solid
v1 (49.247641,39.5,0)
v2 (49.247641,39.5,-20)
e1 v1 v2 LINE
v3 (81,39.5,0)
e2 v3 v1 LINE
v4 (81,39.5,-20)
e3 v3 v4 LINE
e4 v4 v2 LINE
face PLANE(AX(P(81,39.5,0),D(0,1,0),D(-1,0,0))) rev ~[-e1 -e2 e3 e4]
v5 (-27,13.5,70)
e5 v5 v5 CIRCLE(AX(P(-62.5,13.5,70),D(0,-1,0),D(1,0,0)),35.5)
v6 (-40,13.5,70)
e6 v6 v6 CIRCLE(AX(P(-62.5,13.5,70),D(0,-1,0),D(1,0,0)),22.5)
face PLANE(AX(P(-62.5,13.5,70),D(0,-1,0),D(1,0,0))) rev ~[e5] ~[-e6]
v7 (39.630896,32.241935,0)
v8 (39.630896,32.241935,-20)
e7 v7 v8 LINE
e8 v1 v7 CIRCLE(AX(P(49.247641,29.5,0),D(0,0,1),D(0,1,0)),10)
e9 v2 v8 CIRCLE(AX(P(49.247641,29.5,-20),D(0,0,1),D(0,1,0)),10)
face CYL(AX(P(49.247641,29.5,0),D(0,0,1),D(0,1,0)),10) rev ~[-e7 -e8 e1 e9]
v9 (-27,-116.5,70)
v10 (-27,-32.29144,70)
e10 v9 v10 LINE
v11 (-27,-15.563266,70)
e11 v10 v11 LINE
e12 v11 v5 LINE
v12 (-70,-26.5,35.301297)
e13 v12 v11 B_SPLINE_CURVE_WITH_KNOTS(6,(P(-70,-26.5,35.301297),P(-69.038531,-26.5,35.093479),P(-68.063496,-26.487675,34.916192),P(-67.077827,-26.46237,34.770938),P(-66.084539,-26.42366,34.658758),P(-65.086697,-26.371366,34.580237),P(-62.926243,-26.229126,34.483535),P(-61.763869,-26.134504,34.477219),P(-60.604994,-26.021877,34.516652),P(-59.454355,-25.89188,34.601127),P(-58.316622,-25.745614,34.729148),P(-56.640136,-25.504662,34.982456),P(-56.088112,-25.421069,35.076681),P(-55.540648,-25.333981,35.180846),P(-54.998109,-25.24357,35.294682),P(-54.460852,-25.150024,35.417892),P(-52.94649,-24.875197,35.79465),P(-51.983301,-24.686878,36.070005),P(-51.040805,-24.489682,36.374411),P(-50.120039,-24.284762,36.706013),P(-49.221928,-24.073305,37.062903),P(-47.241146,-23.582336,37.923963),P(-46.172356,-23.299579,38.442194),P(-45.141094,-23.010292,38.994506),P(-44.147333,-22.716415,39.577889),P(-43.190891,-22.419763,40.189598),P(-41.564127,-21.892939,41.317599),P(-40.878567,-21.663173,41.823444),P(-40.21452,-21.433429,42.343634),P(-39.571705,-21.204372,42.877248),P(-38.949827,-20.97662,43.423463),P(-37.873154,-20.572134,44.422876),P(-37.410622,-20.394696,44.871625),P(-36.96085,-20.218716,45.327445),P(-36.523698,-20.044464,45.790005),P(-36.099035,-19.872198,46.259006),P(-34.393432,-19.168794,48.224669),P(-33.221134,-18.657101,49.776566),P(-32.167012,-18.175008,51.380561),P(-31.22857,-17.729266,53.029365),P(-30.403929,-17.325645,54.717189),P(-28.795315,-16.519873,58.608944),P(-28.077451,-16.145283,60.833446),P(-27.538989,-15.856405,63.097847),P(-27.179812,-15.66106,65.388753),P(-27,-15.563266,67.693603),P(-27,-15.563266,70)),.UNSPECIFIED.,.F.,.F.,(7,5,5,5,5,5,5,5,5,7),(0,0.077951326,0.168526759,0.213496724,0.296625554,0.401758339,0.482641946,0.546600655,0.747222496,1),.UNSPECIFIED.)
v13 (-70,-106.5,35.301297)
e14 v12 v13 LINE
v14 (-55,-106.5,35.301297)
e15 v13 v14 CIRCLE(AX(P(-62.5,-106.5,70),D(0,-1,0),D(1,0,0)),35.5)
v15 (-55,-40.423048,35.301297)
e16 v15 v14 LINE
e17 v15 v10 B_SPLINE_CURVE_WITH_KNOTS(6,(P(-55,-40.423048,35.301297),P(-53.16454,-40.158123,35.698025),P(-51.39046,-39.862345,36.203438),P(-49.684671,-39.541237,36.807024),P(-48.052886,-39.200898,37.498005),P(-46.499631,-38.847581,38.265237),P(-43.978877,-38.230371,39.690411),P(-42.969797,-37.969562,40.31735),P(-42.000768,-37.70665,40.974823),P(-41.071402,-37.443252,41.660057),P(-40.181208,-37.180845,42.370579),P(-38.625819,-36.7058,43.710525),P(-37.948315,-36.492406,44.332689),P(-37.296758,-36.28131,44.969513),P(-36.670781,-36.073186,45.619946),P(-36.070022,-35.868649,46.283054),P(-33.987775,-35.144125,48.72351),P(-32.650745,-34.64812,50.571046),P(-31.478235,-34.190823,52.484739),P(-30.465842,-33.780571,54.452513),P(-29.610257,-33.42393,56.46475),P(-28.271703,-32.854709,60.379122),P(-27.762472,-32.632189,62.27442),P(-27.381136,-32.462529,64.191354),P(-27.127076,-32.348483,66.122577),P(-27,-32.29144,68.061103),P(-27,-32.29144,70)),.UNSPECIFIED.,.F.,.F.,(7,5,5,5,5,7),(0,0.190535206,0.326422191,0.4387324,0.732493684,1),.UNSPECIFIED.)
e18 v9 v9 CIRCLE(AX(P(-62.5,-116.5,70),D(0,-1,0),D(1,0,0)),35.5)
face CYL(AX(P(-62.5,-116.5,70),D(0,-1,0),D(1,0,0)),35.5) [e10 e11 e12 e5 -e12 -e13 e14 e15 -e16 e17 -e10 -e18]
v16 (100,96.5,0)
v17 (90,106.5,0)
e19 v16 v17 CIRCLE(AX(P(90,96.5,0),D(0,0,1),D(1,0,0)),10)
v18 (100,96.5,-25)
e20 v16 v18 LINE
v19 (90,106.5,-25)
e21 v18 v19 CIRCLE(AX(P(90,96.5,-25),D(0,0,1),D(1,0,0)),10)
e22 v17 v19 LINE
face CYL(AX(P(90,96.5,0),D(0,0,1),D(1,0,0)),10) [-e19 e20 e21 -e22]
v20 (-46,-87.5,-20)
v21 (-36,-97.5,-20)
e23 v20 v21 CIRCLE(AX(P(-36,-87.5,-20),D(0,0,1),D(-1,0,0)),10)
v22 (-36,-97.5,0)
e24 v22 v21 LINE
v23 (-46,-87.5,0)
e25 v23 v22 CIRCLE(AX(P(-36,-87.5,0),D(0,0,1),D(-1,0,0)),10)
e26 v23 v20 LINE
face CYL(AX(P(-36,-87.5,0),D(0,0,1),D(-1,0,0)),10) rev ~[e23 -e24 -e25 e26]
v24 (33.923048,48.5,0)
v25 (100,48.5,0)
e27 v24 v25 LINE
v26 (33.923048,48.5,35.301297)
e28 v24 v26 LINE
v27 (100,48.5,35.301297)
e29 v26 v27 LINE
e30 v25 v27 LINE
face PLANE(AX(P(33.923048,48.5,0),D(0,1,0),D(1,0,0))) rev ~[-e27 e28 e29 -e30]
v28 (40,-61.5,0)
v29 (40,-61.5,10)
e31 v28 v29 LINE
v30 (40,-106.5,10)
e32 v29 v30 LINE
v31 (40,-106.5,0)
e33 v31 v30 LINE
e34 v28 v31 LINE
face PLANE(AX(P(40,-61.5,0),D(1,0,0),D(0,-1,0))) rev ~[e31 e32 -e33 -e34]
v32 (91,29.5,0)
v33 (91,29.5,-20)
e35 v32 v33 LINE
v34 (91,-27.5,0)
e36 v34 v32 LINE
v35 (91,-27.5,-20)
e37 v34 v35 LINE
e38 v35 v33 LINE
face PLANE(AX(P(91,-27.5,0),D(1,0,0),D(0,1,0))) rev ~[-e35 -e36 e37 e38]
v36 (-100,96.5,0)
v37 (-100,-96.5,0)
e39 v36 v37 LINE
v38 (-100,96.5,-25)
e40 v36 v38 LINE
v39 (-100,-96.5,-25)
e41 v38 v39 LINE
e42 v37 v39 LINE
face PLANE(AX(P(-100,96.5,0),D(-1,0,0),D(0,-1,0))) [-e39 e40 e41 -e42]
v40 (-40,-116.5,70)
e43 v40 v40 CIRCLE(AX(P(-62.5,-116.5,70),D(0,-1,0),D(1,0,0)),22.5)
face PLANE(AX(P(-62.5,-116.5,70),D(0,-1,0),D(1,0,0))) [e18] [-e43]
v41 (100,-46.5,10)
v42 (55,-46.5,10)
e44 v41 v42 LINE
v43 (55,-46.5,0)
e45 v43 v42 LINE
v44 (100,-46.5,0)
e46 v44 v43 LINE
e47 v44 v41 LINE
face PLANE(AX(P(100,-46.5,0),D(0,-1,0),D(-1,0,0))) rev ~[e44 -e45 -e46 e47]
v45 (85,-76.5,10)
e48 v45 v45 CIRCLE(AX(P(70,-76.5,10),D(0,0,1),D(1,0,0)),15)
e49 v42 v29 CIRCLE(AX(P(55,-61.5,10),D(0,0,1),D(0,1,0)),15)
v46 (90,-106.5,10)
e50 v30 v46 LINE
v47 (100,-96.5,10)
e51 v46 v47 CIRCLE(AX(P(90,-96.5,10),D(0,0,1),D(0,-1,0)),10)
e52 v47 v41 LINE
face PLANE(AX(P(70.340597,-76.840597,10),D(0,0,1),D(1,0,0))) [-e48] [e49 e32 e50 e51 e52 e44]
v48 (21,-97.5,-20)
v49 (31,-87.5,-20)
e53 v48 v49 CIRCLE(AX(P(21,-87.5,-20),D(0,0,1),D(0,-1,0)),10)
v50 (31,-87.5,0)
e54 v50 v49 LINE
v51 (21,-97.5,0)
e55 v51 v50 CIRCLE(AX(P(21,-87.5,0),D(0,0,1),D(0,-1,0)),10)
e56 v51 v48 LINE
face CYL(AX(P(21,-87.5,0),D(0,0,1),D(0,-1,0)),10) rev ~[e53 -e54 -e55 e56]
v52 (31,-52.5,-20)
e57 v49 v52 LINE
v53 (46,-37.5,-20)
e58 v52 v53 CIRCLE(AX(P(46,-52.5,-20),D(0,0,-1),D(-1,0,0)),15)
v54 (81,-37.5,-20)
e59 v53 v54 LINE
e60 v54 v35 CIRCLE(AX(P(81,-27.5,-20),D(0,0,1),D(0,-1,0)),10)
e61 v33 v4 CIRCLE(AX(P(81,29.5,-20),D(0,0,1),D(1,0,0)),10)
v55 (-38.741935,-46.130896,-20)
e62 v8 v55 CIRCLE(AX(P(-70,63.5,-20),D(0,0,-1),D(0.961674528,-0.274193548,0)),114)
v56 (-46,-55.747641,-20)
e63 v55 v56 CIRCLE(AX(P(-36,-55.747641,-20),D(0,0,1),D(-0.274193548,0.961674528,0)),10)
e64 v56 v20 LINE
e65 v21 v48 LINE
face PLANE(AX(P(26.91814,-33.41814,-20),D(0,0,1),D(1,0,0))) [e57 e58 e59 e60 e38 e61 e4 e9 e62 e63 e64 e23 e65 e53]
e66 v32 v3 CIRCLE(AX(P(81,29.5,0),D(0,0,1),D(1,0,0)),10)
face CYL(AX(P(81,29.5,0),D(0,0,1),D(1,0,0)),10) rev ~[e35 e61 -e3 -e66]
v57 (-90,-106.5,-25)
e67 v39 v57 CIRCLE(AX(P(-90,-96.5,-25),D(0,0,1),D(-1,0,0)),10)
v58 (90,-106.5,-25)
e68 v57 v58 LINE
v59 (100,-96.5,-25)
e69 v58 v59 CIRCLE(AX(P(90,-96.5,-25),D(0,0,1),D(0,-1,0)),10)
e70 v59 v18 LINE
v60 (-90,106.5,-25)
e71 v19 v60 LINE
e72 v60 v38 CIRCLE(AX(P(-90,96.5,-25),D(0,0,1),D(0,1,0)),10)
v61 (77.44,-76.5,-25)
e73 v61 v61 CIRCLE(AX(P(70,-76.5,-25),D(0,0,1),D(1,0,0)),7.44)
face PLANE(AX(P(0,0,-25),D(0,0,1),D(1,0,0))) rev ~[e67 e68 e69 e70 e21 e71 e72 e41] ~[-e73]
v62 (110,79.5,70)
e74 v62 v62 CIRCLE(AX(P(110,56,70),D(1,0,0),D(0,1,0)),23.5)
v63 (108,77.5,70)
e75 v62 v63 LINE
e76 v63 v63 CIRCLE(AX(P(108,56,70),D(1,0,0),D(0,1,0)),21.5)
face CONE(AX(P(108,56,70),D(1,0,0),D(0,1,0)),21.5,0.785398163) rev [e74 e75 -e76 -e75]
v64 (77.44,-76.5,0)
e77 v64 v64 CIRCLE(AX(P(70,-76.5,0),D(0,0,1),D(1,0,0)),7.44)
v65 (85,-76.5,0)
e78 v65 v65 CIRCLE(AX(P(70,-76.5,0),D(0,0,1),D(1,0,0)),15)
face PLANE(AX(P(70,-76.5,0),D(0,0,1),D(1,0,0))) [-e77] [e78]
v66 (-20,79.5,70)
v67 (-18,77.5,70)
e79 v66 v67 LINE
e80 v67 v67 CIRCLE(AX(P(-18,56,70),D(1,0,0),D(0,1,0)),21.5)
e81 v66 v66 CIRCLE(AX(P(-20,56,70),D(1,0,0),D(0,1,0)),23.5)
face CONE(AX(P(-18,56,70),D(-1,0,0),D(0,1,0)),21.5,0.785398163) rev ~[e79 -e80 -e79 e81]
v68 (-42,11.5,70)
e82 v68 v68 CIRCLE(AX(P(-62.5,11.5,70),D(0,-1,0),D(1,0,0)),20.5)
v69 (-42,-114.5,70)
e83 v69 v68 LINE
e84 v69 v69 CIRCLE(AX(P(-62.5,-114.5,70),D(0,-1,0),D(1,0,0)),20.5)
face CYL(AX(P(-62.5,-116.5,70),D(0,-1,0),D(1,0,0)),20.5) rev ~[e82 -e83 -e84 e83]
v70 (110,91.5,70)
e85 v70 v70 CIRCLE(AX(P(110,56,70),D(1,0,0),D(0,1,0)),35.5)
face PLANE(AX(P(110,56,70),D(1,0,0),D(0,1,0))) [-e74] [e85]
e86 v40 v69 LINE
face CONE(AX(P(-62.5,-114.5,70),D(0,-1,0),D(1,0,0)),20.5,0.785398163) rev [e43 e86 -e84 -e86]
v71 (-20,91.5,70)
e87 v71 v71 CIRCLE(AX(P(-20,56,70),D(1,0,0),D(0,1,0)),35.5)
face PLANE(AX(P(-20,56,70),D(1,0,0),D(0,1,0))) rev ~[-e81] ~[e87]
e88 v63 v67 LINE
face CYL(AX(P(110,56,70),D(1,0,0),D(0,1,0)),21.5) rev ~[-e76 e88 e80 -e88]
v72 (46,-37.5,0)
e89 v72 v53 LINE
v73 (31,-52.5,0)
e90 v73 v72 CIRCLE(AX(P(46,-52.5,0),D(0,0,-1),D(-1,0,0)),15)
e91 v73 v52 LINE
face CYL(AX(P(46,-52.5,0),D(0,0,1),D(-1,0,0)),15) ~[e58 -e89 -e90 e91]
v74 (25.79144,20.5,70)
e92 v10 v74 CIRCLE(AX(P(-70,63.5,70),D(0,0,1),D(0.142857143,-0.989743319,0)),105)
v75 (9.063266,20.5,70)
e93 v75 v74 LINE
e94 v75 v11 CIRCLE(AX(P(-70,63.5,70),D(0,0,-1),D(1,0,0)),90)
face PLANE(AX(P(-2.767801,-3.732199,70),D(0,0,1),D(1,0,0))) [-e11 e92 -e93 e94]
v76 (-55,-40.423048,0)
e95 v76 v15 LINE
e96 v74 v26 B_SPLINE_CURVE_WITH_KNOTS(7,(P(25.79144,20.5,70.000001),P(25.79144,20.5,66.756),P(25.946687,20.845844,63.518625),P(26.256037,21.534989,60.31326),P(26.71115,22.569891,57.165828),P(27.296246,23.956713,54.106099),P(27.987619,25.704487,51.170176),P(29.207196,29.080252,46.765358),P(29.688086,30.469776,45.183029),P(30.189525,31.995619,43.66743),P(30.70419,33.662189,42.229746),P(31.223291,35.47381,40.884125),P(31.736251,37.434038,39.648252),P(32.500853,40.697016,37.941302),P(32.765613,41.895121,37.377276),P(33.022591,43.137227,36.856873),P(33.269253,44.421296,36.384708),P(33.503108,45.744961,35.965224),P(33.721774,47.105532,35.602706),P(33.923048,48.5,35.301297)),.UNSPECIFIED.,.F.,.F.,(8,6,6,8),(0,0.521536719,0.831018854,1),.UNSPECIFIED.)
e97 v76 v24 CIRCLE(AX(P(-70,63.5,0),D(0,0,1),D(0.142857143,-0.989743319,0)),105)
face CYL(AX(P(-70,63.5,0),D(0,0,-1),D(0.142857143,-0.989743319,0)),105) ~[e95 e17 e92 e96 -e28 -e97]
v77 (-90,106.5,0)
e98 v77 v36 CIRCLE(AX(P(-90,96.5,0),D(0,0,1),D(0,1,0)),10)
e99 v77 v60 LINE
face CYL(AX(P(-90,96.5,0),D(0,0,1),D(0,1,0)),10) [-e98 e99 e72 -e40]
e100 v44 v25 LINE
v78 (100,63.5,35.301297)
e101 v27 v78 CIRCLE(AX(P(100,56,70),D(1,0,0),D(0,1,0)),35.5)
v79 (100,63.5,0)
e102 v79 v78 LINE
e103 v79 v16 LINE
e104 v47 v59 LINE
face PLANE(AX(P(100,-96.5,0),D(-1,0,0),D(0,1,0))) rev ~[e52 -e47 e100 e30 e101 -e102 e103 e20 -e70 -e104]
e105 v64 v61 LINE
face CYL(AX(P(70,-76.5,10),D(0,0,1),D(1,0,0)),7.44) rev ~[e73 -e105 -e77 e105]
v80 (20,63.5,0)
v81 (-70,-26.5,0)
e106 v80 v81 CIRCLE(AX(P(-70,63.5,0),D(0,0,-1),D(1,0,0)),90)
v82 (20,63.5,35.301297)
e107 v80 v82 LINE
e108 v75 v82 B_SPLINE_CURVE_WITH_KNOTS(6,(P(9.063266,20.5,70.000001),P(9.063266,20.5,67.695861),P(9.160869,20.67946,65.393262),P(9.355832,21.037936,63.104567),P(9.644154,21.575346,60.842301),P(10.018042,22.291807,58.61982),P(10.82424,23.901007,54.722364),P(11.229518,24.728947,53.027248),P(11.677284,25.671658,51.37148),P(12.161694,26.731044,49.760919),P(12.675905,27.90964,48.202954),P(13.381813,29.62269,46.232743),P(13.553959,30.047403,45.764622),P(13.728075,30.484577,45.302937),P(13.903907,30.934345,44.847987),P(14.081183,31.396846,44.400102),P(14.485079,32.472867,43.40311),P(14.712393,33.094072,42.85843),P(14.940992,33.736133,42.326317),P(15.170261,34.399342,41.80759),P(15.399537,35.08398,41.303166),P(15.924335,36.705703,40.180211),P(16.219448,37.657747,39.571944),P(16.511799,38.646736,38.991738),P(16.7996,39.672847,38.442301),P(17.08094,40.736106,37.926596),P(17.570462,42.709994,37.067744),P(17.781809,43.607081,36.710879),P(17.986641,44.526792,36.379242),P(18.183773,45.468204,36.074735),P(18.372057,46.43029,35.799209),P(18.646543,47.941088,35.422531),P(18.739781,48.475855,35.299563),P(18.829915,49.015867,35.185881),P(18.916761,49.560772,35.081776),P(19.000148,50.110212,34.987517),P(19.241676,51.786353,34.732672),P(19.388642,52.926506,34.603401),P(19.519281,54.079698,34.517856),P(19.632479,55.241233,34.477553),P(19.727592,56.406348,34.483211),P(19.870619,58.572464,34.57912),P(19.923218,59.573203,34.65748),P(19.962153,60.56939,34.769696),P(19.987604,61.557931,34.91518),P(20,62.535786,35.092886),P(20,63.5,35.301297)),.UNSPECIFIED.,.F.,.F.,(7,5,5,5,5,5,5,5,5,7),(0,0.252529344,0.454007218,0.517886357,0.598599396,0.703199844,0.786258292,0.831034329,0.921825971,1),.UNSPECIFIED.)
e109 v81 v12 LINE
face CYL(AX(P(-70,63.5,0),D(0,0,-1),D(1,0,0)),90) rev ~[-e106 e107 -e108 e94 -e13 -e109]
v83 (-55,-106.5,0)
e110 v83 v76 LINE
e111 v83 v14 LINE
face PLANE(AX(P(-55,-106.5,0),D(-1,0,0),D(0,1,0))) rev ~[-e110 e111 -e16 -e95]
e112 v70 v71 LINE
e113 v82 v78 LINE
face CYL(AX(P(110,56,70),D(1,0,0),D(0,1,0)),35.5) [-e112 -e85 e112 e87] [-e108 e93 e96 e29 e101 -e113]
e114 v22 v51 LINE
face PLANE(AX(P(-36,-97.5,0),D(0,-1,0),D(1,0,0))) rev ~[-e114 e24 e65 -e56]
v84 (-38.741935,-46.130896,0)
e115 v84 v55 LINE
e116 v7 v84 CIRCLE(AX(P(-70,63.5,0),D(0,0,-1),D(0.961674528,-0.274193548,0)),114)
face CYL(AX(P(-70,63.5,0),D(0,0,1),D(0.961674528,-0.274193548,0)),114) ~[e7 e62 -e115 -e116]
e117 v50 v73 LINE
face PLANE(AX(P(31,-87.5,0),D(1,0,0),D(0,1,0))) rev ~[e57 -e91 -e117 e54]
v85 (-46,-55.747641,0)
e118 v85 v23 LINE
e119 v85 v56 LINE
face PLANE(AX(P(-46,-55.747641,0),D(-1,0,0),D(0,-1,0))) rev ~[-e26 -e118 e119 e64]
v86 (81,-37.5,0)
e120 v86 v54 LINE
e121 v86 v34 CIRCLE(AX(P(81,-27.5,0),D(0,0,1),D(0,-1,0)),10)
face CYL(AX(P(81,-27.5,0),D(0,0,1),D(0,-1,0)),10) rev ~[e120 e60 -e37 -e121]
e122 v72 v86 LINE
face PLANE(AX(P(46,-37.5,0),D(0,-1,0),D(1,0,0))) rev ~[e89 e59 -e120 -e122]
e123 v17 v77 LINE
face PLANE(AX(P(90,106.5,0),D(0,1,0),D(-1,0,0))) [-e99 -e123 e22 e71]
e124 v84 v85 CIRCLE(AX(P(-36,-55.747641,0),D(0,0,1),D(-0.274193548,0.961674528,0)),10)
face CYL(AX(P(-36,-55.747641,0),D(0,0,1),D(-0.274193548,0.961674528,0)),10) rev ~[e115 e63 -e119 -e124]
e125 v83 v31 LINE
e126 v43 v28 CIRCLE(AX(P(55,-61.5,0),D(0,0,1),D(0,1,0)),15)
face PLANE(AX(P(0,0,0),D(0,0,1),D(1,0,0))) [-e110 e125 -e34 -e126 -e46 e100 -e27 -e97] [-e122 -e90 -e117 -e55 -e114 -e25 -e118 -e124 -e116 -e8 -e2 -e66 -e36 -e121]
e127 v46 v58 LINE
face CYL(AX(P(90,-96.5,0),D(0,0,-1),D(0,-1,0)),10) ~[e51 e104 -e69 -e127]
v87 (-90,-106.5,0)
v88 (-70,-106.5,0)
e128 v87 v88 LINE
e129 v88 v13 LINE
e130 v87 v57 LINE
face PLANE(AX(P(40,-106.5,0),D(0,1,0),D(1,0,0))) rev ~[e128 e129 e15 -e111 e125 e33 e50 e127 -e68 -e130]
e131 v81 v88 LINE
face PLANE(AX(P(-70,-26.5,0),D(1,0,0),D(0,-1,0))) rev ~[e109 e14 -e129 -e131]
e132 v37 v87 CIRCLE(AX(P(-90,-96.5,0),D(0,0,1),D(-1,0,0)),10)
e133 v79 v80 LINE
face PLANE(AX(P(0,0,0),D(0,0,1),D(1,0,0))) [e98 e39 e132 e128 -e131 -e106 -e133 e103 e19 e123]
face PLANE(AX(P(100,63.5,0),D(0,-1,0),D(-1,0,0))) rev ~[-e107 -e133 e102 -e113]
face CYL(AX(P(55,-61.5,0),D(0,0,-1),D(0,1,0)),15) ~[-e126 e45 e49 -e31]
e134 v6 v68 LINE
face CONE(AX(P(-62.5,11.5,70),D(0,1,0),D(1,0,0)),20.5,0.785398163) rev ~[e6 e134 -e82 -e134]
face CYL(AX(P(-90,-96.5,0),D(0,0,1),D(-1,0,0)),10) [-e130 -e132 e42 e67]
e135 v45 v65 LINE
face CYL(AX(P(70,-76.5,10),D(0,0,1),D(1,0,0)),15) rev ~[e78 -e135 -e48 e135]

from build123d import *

# Parameters (mm, degrees)
F1_DEPTH  = 25
F3_DEPTH  = 70
F5_DEPTH  = 10
F6_R      = 7.44
F7_DEPTH  = 35.001
F8_R      = 15
F9_DEPTH  = 10
F11_DEPTH = 20
F13_R     = 35.5
F14_DEPTH = 130
F15_R     = 21.5
F16_DEPTH = 210.001
F18_R     = 35.5
F19_DEPTH = 130
F20_R     = 20.5
F21_DEPTH = 223.001
F22_SIZE  = 2


with BuildPart() as f1:
    # F0 (on Top) → F1 (new body)
    with BuildSketch(Plane.XY):
        with BuildLine():
            Line((90, 106.5), (-90, 106.5))
            ThreePointArc((-90, 106.5), (-97.0710678119, 103.5710678119), (-100, 96.5))
            Line((-100, 96.5), (-100, -96.5))
            ThreePointArc((-100, -96.5), (-97.0710678119, -103.5710678119), (-90, -106.5))
            Line((-90, -106.5), (90, -106.5))
            ThreePointArc((90, -106.5), (97.0710678119, -103.5710678119), (100, -96.5))
            Line((100, -96.5), (100, 96.5))
            ThreePointArc((100, 96.5), (97.0710678119, 103.5710678119), (90, 106.5))
        make_face()
    extrude(amount=-F1_DEPTH)

    # F2 (on face) → F3 (join)
    with BuildSketch(Plane.XY):
        with BuildLine():
            Line((-70, -26.5), (-70, -106.5))
            Line((-70, -106.5), (-55, -106.5))
            Line((-55, -106.5), (-55, -40.4230484541))
            ThreePointArc((-55, -40.4230484541), (4.2462120246, -10.7462120246), (33.9230484541, 48.5))
            Line((33.9230484541, 48.5), (100, 48.5))
            Line((100, 48.5), (100, 63.5))
            Line((100, 63.5), (20, 63.5))
            ThreePointArc((20, 63.5), (-6.3603896932, -0.1396103068), (-70, -26.5))
        make_face()
    extrude(amount=F3_DEPTH)

    # F4 (on face) → F5 (join)
    with BuildSketch(Plane.XY):
        with BuildLine():
            Line((100, -96.5), (100, -46.5))
            Line((100, -46.5), (55, -46.5))
            ThreePointArc((55, -46.5), (44.3933982822, -50.8933982822), (40, -61.5))
            Line((40, -61.5), (40, -106.5))
            Line((40, -106.5), (90, -106.5))
            ThreePointArc((90, -106.5), (97.0710678119, -103.5710678119), (100, -96.5))
        make_face()
    extrude(amount=F5_DEPTH)

    # F6 (on face) → F7 (cut, through all)
    with BuildSketch(Plane.XY.offset(10)):
        with Locations((70, -76.5)):
            Circle(F6_R)
    extrude(amount=-F7_DEPTH, mode=Mode.SUBTRACT)

    # F8 (on face) → F9 (cut)
    with BuildSketch(Plane.XY.offset(10)):
        with Locations((70, -76.5)):
            Circle(F8_R)
    extrude(amount=-F9_DEPTH, mode=Mode.SUBTRACT)

    # F10 (on face) → F11 (cut)
    with BuildSketch(Plane.XY):
        with BuildLine():
            ThreePointArc((91, 29.5), (88.0710678119, 36.5710678119), (81, 39.5))
            Line((81, 39.5), (49.2476414861, 39.5))
            ThreePointArc((49.2476414861, 39.5), (43.2234965193, 37.481834214), (39.630896205, 32.2419354839))
            ThreePointArc((39.630896205, 32.2419354839), (10.6101730553, -17.1101730553), (-38.7419354839, -46.130896205))
            ThreePointArc((-38.7419354839, -46.130896205), (-43.981834214, -49.7234965193), (-46, -55.7476414861))
            Line((-46, -55.7476414861), (-46, -87.5))
            ThreePointArc((-46, -87.5), (-43.0710678119, -94.5710678119), (-36, -97.5))
            Line((-36, -97.5), (21, -97.5))
            ThreePointArc((21, -97.5), (28.0710678119, -94.5710678119), (31, -87.5))
            Line((31, -87.5), (31, -52.5))
            ThreePointArc((31, -52.5), (35.3933982822, -41.8933982822), (46, -37.5))
            Line((46, -37.5), (81, -37.5))
            ThreePointArc((81, -37.5), (88.0710678119, -34.5710678119), (91, -27.5))
            Line((91, -27.5), (91, 29.5))
        make_face()
    extrude(amount=-F11_DEPTH, mode=Mode.SUBTRACT)

    # F13 (on offset) → F14 (join)
    with BuildSketch(Plane.YZ.offset(110)):
        with Locations((56, 70)):
            Circle(F13_R)
    extrude(amount=-F14_DEPTH)

    # F15 (on face) → F16 (cut, through all)
    with BuildSketch(Plane.YZ.offset(110)):
        with Locations((56, 70)):
            Circle(F15_R)
    extrude(amount=-F16_DEPTH, mode=Mode.SUBTRACT)

    # F18 (on offset) → F19 (join)
    with BuildSketch(Plane.XZ.offset(116.5)):
        with Locations((-62.5, 70)):
            Circle(F18_R)
    extrude(amount=-F19_DEPTH)

    # F20 (on face) → F21 (cut, through all)
    with BuildSketch(Plane.XZ.offset(116.5)):
        with Locations((-62.5, 70)):
            Circle(F20_R)
    extrude(amount=-F21_DEPTH, mode=Mode.SUBTRACT)

    # F22
    f22_edges = [f1.edges().sort_by_distance(p)[0] for p in [
        (-83, -116.5, 70),
        (-83, 13.5, 70),
        (-20, 34.5, 70),
        (110, 34.5, 70),
    ]]
    chamfer(f22_edges, length=F22_SIZE)


solid = f1.part
